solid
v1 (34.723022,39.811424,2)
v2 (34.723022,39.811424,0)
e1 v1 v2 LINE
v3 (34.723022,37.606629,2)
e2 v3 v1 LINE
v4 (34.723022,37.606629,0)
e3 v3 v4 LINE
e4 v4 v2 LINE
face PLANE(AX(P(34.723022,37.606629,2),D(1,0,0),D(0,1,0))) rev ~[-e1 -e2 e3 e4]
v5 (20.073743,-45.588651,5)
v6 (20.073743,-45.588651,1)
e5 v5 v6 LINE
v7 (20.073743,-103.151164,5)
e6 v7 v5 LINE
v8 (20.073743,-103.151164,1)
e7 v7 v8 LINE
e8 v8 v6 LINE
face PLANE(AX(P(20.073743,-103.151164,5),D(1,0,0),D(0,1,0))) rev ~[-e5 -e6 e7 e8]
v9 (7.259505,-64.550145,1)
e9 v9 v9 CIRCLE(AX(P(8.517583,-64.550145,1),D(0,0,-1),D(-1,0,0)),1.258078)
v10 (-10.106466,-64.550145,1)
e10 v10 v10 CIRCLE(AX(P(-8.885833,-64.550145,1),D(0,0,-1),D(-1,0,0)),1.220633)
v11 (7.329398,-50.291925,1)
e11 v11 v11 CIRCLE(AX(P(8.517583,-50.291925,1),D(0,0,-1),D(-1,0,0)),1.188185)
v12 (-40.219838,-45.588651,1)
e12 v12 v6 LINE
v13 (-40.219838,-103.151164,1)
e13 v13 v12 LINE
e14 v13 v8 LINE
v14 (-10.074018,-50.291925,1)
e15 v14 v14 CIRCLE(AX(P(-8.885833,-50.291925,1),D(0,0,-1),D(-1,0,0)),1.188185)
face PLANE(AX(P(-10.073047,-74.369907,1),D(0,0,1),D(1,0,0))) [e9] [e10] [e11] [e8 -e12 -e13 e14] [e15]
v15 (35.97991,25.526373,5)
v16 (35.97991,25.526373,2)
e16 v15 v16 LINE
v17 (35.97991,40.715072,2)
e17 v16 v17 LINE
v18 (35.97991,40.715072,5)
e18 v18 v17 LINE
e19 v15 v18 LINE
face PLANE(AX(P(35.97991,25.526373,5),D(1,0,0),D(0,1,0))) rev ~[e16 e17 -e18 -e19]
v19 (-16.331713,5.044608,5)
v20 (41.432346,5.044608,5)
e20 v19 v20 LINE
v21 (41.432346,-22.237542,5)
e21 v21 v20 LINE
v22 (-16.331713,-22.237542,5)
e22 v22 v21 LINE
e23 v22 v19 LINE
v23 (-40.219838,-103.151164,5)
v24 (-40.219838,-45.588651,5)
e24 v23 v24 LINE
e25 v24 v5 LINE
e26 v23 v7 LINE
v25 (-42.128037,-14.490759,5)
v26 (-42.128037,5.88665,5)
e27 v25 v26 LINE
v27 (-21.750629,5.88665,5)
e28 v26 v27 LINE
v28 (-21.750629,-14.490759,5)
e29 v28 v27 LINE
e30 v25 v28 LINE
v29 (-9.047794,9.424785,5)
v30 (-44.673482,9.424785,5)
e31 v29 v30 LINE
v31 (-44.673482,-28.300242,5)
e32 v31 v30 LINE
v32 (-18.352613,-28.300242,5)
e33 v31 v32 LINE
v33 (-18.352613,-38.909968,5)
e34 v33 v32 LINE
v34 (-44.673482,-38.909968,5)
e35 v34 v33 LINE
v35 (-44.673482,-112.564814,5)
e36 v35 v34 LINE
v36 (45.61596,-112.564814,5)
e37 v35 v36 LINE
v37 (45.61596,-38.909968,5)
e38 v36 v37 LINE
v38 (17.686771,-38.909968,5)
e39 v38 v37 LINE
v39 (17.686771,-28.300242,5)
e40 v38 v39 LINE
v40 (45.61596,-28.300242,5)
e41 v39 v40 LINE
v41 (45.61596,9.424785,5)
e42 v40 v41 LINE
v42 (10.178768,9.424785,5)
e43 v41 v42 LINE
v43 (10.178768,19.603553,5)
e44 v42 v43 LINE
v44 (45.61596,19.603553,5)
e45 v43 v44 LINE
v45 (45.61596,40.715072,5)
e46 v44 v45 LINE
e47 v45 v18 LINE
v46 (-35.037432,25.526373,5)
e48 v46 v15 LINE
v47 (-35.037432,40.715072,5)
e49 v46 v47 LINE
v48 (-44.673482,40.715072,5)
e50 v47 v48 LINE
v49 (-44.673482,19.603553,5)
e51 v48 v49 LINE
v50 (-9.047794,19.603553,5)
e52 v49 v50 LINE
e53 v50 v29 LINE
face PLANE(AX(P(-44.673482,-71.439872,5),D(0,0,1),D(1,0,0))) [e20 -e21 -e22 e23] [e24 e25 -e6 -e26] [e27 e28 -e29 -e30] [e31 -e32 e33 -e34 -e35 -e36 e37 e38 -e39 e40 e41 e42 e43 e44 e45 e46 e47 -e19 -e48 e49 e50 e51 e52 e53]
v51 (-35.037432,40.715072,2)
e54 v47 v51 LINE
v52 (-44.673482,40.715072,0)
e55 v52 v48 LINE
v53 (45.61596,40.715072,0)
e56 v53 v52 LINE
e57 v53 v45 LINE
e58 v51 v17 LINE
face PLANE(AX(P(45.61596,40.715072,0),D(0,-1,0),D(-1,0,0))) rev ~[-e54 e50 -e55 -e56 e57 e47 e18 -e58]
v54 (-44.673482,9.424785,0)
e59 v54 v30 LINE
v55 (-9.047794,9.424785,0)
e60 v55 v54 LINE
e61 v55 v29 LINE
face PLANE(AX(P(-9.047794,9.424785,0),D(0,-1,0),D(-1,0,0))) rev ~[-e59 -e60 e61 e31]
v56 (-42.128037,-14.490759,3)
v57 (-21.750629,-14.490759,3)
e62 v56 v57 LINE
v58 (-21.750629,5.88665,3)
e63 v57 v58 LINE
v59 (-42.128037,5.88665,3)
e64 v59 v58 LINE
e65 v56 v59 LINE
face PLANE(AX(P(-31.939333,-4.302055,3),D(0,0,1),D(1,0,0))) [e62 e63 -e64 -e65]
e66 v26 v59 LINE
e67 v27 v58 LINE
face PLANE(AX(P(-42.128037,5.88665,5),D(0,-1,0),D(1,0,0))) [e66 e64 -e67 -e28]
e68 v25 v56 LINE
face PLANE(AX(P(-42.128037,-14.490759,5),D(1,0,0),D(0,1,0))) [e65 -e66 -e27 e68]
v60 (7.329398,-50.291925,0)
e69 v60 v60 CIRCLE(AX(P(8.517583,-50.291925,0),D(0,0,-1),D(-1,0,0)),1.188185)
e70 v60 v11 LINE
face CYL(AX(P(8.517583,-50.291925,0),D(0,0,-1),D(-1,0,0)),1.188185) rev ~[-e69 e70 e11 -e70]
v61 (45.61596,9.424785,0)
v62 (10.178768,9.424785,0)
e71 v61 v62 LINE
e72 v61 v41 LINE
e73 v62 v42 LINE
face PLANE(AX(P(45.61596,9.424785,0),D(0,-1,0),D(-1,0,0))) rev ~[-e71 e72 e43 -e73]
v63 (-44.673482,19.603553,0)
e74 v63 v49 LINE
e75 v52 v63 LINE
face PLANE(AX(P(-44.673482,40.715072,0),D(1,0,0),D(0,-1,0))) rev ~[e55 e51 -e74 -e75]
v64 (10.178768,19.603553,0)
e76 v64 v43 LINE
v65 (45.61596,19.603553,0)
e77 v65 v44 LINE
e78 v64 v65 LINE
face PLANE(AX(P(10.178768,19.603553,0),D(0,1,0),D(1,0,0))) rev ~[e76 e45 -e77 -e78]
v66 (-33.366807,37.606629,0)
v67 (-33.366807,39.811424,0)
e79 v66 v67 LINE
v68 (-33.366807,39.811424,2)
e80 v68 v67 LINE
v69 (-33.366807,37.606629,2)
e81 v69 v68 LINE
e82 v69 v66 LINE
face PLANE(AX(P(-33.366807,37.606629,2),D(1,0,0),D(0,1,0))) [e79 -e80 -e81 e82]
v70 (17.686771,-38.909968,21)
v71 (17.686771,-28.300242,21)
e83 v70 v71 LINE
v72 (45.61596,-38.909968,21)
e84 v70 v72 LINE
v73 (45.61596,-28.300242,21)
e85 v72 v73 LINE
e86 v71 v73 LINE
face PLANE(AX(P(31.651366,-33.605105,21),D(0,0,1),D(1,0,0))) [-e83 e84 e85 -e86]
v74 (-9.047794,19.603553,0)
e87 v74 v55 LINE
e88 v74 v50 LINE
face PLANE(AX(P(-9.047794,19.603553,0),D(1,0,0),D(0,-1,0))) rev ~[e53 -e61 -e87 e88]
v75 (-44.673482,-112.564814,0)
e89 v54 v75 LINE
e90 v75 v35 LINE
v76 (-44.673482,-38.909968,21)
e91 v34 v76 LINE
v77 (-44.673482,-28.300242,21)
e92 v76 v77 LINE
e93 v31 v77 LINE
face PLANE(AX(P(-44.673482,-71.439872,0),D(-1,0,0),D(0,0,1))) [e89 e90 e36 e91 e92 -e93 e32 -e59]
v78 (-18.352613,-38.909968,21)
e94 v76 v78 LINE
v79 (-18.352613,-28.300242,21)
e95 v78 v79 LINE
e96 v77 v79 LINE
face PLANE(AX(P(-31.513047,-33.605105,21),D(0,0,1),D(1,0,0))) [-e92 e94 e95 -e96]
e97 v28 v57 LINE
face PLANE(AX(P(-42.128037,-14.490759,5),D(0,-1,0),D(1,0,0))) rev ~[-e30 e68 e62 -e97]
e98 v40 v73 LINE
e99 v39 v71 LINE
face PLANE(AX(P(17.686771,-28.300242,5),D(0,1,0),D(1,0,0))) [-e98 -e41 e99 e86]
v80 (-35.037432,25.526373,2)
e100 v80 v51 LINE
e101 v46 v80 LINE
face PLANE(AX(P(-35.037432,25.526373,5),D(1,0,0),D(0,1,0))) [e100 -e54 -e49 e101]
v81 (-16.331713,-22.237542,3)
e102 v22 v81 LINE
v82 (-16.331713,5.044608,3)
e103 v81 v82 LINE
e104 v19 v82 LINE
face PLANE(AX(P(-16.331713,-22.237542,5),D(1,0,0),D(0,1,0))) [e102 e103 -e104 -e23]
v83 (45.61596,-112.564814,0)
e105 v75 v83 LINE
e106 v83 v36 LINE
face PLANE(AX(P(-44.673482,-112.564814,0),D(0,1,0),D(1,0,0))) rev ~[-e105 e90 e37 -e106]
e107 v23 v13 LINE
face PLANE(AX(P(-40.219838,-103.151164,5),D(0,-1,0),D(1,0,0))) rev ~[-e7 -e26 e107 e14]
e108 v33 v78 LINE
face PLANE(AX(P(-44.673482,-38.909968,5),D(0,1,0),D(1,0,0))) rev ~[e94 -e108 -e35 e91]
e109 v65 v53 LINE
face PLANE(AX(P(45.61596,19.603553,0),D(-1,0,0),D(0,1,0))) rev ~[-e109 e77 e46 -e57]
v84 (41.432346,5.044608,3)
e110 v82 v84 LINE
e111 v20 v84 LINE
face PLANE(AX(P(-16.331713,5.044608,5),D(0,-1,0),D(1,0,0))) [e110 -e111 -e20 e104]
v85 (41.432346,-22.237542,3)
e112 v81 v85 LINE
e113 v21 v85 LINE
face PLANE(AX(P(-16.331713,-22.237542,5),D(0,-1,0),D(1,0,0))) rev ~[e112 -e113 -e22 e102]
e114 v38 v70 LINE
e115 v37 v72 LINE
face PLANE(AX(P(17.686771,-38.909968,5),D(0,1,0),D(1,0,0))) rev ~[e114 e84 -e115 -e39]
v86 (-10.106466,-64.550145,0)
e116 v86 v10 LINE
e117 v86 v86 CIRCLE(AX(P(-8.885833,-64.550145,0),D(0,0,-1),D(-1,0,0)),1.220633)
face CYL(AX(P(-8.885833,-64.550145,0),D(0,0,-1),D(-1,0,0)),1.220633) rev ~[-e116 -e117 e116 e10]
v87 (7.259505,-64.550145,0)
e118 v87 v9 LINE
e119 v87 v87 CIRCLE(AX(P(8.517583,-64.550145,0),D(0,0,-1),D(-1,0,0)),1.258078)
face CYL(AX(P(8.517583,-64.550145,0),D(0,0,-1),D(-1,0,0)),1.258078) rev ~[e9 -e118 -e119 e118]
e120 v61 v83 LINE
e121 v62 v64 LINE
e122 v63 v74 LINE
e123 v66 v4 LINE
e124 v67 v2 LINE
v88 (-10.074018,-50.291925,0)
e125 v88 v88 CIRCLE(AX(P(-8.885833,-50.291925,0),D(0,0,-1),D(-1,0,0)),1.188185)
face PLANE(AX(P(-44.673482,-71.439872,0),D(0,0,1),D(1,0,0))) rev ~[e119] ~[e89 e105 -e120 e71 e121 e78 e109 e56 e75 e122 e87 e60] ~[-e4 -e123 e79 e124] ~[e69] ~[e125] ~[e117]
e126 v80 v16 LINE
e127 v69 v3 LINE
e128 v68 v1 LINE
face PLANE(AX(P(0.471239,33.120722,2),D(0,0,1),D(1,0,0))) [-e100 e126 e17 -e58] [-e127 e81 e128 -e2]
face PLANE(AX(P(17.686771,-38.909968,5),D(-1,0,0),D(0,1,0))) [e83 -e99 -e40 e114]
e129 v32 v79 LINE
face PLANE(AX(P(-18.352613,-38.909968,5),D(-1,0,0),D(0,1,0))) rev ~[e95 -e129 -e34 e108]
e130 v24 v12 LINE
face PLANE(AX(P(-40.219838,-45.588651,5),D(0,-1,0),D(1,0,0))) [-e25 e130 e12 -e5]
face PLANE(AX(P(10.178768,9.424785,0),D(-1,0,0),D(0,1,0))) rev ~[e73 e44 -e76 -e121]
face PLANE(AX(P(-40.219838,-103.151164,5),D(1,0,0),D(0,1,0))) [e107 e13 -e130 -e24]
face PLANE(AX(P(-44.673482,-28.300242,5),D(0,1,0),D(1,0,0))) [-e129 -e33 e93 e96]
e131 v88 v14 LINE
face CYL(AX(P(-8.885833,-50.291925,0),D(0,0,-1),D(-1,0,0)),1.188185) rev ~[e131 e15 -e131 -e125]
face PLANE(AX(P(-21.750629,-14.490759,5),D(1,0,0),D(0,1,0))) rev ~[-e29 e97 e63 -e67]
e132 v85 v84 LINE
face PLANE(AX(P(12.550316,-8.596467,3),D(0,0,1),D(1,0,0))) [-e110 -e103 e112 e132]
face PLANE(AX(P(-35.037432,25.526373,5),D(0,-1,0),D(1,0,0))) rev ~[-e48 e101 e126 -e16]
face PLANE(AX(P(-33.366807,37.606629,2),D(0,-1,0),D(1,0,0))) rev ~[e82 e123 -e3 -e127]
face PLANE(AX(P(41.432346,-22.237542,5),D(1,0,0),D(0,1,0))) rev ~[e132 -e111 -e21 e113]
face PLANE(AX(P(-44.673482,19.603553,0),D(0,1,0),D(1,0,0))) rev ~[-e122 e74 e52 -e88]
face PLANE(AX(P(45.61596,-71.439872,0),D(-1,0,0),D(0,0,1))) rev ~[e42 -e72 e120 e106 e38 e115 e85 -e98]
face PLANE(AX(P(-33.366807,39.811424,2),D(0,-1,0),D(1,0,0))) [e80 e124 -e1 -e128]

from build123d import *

# Parameters (mm, degrees)
BASE_DEPTH                = 5
ESBO_O2_W                 = 71.017341725
ESBO_O2_H                 = 15.188699459
SENSOR_DEPTH              = 3
EXTENS_O_BASE_BY          = 41.124942484
ESBO_O3_W                 = 68.089828176
ESBO_O3_H                 = 2.204794608
FURO_SENSOR_DEPTH         = 10
ESBO_O5_R                 = 1.188185025
ESBO_O5_R_2               = 1.258078261
ESBO_O5_R_3               = 1.220632904
CONECTOR_RODA_BAMBA_DEPTH = 10
ESBO_O8_W                 = 20.37740853
ESBO_O8_H                 = 20.377408531
PONTE_H_DEPTH             = 2
ESBO_O10_W                = 57.764058892
ESBO_O10_H                = 27.282150264
ESP_DEPTH                 = 2
ESBO_O11_W                = 27.929189737
ESBO_O11_H                = 10.609725103
ESBO_O11_W_2              = 26.320868842
RESSALTO_EXTRUS_O2_DEPTH  = 16
ESBO_O13_W                = 60.293581274
ESBO_O13_H                = 57.562513133
CORTE_EXTRUS_O12_DEPTH    = 4


with BuildPart() as part:
    # Esboço1 → base (new body)
    with BuildSketch(Plane.XY):
        Polygon((-44.67348187, 40.715072084), (-44.67348187, 19.603553226), (-9.047793796, 19.603553226), (-9.047793796, 9.424785205), (-44.67348187, 9.424785205), (-44.67348187, -71.439871851), (45.61596039, -71.439871851), (45.61596039, 9.424785205), (10.178768021, 9.424785205), (10.178768021, 19.603553226), (45.61596039, 19.603553226), (45.61596039, 40.715072084), align=None)
    extrude(amount=BASE_DEPTH)

    # Esboço2 → sensor (cut)
    with BuildSketch(Plane.XY.offset(5)):
        with Locations((0.47123926, 33.120722355)):
            Rectangle(ESBO_O2_W, ESBO_O2_H)
    extrude(amount=-SENSOR_DEPTH, mode=Mode.SUBTRACT)

    # extensão base: a face moved outward by 41.124942
    extrude(part.faces().sort_by_distance((0.47123926, -71.439871851, 2.5))[0], amount=EXTENS_O_BASE_BY, dir=(0, -1, 0))

    # Esboço3 → "furo" sensor (cut)
    with BuildSketch(Plane.XY.offset(2)):
        with Locations((0.67810757, 38.709026673)):
            Rectangle(ESBO_O3_W, ESBO_O3_H)
    extrude(amount=-FURO_SENSOR_DEPTH, mode=Mode.SUBTRACT)

    # Esboço5 → conector roda bamba (cut)
    with BuildSketch(Plane(origin=(0, 0, 0), x_dir=(-1, 0, 0), z_dir=(0, 0, -1))):
        with Locations((-8.517583176, -50.2919249)):
            Circle(ESBO_O5_R)
        with Locations((-8.517583176, -64.550145197)):
            Circle(ESBO_O5_R_2)
        with Locations((8.885832774, -64.550145197)):
            Circle(ESBO_O5_R_3)
        with Locations((8.885832774, -50.2919249)):
            Circle(ESBO_O5_R)
    extrude(amount=-CONECTOR_RODA_BAMBA_DEPTH, mode=Mode.SUBTRACT)

    # Esboço8 → ponte H (cut)
    with BuildSketch(Plane.XY.offset(5)):
        with Locations((-31.939333104, -4.30205468)):
            Rectangle(ESBO_O8_W, ESBO_O8_H)
    extrude(amount=-PONTE_H_DEPTH, mode=Mode.SUBTRACT)

    # Esboço10 → esp (cut)
    with BuildSketch(Plane.XY.offset(5)):
        with Locations((12.550316437, -8.596467221)):
            Rectangle(ESBO_O10_W, ESBO_O10_H)
    extrude(amount=-ESP_DEPTH, mode=Mode.SUBTRACT)

    # Esboço11 → Ressalto-extrusão2 (add)
    with BuildSketch(Plane.XY.offset(5)):
        with Locations((31.651365522, -33.605104963)):
            Rectangle(ESBO_O11_W, ESBO_O11_H)
        with Locations((-31.513047449, -33.605104963)):
            Rectangle(ESBO_O11_W_2, ESBO_O11_H)
    extrude(amount=RESSALTO_EXTRUS_O2_DEPTH)

    # Esboço13 → Corte-extrusão12 (cut)
    with BuildSketch(Plane.XY.offset(5)):
        with Locations((-10.073047237, -74.36990727)):
            Rectangle(ESBO_O13_W, ESBO_O13_H)
    extrude(amount=-CORTE_EXTRUS_O12_DEPTH, mode=Mode.SUBTRACT)


solid = part.part
